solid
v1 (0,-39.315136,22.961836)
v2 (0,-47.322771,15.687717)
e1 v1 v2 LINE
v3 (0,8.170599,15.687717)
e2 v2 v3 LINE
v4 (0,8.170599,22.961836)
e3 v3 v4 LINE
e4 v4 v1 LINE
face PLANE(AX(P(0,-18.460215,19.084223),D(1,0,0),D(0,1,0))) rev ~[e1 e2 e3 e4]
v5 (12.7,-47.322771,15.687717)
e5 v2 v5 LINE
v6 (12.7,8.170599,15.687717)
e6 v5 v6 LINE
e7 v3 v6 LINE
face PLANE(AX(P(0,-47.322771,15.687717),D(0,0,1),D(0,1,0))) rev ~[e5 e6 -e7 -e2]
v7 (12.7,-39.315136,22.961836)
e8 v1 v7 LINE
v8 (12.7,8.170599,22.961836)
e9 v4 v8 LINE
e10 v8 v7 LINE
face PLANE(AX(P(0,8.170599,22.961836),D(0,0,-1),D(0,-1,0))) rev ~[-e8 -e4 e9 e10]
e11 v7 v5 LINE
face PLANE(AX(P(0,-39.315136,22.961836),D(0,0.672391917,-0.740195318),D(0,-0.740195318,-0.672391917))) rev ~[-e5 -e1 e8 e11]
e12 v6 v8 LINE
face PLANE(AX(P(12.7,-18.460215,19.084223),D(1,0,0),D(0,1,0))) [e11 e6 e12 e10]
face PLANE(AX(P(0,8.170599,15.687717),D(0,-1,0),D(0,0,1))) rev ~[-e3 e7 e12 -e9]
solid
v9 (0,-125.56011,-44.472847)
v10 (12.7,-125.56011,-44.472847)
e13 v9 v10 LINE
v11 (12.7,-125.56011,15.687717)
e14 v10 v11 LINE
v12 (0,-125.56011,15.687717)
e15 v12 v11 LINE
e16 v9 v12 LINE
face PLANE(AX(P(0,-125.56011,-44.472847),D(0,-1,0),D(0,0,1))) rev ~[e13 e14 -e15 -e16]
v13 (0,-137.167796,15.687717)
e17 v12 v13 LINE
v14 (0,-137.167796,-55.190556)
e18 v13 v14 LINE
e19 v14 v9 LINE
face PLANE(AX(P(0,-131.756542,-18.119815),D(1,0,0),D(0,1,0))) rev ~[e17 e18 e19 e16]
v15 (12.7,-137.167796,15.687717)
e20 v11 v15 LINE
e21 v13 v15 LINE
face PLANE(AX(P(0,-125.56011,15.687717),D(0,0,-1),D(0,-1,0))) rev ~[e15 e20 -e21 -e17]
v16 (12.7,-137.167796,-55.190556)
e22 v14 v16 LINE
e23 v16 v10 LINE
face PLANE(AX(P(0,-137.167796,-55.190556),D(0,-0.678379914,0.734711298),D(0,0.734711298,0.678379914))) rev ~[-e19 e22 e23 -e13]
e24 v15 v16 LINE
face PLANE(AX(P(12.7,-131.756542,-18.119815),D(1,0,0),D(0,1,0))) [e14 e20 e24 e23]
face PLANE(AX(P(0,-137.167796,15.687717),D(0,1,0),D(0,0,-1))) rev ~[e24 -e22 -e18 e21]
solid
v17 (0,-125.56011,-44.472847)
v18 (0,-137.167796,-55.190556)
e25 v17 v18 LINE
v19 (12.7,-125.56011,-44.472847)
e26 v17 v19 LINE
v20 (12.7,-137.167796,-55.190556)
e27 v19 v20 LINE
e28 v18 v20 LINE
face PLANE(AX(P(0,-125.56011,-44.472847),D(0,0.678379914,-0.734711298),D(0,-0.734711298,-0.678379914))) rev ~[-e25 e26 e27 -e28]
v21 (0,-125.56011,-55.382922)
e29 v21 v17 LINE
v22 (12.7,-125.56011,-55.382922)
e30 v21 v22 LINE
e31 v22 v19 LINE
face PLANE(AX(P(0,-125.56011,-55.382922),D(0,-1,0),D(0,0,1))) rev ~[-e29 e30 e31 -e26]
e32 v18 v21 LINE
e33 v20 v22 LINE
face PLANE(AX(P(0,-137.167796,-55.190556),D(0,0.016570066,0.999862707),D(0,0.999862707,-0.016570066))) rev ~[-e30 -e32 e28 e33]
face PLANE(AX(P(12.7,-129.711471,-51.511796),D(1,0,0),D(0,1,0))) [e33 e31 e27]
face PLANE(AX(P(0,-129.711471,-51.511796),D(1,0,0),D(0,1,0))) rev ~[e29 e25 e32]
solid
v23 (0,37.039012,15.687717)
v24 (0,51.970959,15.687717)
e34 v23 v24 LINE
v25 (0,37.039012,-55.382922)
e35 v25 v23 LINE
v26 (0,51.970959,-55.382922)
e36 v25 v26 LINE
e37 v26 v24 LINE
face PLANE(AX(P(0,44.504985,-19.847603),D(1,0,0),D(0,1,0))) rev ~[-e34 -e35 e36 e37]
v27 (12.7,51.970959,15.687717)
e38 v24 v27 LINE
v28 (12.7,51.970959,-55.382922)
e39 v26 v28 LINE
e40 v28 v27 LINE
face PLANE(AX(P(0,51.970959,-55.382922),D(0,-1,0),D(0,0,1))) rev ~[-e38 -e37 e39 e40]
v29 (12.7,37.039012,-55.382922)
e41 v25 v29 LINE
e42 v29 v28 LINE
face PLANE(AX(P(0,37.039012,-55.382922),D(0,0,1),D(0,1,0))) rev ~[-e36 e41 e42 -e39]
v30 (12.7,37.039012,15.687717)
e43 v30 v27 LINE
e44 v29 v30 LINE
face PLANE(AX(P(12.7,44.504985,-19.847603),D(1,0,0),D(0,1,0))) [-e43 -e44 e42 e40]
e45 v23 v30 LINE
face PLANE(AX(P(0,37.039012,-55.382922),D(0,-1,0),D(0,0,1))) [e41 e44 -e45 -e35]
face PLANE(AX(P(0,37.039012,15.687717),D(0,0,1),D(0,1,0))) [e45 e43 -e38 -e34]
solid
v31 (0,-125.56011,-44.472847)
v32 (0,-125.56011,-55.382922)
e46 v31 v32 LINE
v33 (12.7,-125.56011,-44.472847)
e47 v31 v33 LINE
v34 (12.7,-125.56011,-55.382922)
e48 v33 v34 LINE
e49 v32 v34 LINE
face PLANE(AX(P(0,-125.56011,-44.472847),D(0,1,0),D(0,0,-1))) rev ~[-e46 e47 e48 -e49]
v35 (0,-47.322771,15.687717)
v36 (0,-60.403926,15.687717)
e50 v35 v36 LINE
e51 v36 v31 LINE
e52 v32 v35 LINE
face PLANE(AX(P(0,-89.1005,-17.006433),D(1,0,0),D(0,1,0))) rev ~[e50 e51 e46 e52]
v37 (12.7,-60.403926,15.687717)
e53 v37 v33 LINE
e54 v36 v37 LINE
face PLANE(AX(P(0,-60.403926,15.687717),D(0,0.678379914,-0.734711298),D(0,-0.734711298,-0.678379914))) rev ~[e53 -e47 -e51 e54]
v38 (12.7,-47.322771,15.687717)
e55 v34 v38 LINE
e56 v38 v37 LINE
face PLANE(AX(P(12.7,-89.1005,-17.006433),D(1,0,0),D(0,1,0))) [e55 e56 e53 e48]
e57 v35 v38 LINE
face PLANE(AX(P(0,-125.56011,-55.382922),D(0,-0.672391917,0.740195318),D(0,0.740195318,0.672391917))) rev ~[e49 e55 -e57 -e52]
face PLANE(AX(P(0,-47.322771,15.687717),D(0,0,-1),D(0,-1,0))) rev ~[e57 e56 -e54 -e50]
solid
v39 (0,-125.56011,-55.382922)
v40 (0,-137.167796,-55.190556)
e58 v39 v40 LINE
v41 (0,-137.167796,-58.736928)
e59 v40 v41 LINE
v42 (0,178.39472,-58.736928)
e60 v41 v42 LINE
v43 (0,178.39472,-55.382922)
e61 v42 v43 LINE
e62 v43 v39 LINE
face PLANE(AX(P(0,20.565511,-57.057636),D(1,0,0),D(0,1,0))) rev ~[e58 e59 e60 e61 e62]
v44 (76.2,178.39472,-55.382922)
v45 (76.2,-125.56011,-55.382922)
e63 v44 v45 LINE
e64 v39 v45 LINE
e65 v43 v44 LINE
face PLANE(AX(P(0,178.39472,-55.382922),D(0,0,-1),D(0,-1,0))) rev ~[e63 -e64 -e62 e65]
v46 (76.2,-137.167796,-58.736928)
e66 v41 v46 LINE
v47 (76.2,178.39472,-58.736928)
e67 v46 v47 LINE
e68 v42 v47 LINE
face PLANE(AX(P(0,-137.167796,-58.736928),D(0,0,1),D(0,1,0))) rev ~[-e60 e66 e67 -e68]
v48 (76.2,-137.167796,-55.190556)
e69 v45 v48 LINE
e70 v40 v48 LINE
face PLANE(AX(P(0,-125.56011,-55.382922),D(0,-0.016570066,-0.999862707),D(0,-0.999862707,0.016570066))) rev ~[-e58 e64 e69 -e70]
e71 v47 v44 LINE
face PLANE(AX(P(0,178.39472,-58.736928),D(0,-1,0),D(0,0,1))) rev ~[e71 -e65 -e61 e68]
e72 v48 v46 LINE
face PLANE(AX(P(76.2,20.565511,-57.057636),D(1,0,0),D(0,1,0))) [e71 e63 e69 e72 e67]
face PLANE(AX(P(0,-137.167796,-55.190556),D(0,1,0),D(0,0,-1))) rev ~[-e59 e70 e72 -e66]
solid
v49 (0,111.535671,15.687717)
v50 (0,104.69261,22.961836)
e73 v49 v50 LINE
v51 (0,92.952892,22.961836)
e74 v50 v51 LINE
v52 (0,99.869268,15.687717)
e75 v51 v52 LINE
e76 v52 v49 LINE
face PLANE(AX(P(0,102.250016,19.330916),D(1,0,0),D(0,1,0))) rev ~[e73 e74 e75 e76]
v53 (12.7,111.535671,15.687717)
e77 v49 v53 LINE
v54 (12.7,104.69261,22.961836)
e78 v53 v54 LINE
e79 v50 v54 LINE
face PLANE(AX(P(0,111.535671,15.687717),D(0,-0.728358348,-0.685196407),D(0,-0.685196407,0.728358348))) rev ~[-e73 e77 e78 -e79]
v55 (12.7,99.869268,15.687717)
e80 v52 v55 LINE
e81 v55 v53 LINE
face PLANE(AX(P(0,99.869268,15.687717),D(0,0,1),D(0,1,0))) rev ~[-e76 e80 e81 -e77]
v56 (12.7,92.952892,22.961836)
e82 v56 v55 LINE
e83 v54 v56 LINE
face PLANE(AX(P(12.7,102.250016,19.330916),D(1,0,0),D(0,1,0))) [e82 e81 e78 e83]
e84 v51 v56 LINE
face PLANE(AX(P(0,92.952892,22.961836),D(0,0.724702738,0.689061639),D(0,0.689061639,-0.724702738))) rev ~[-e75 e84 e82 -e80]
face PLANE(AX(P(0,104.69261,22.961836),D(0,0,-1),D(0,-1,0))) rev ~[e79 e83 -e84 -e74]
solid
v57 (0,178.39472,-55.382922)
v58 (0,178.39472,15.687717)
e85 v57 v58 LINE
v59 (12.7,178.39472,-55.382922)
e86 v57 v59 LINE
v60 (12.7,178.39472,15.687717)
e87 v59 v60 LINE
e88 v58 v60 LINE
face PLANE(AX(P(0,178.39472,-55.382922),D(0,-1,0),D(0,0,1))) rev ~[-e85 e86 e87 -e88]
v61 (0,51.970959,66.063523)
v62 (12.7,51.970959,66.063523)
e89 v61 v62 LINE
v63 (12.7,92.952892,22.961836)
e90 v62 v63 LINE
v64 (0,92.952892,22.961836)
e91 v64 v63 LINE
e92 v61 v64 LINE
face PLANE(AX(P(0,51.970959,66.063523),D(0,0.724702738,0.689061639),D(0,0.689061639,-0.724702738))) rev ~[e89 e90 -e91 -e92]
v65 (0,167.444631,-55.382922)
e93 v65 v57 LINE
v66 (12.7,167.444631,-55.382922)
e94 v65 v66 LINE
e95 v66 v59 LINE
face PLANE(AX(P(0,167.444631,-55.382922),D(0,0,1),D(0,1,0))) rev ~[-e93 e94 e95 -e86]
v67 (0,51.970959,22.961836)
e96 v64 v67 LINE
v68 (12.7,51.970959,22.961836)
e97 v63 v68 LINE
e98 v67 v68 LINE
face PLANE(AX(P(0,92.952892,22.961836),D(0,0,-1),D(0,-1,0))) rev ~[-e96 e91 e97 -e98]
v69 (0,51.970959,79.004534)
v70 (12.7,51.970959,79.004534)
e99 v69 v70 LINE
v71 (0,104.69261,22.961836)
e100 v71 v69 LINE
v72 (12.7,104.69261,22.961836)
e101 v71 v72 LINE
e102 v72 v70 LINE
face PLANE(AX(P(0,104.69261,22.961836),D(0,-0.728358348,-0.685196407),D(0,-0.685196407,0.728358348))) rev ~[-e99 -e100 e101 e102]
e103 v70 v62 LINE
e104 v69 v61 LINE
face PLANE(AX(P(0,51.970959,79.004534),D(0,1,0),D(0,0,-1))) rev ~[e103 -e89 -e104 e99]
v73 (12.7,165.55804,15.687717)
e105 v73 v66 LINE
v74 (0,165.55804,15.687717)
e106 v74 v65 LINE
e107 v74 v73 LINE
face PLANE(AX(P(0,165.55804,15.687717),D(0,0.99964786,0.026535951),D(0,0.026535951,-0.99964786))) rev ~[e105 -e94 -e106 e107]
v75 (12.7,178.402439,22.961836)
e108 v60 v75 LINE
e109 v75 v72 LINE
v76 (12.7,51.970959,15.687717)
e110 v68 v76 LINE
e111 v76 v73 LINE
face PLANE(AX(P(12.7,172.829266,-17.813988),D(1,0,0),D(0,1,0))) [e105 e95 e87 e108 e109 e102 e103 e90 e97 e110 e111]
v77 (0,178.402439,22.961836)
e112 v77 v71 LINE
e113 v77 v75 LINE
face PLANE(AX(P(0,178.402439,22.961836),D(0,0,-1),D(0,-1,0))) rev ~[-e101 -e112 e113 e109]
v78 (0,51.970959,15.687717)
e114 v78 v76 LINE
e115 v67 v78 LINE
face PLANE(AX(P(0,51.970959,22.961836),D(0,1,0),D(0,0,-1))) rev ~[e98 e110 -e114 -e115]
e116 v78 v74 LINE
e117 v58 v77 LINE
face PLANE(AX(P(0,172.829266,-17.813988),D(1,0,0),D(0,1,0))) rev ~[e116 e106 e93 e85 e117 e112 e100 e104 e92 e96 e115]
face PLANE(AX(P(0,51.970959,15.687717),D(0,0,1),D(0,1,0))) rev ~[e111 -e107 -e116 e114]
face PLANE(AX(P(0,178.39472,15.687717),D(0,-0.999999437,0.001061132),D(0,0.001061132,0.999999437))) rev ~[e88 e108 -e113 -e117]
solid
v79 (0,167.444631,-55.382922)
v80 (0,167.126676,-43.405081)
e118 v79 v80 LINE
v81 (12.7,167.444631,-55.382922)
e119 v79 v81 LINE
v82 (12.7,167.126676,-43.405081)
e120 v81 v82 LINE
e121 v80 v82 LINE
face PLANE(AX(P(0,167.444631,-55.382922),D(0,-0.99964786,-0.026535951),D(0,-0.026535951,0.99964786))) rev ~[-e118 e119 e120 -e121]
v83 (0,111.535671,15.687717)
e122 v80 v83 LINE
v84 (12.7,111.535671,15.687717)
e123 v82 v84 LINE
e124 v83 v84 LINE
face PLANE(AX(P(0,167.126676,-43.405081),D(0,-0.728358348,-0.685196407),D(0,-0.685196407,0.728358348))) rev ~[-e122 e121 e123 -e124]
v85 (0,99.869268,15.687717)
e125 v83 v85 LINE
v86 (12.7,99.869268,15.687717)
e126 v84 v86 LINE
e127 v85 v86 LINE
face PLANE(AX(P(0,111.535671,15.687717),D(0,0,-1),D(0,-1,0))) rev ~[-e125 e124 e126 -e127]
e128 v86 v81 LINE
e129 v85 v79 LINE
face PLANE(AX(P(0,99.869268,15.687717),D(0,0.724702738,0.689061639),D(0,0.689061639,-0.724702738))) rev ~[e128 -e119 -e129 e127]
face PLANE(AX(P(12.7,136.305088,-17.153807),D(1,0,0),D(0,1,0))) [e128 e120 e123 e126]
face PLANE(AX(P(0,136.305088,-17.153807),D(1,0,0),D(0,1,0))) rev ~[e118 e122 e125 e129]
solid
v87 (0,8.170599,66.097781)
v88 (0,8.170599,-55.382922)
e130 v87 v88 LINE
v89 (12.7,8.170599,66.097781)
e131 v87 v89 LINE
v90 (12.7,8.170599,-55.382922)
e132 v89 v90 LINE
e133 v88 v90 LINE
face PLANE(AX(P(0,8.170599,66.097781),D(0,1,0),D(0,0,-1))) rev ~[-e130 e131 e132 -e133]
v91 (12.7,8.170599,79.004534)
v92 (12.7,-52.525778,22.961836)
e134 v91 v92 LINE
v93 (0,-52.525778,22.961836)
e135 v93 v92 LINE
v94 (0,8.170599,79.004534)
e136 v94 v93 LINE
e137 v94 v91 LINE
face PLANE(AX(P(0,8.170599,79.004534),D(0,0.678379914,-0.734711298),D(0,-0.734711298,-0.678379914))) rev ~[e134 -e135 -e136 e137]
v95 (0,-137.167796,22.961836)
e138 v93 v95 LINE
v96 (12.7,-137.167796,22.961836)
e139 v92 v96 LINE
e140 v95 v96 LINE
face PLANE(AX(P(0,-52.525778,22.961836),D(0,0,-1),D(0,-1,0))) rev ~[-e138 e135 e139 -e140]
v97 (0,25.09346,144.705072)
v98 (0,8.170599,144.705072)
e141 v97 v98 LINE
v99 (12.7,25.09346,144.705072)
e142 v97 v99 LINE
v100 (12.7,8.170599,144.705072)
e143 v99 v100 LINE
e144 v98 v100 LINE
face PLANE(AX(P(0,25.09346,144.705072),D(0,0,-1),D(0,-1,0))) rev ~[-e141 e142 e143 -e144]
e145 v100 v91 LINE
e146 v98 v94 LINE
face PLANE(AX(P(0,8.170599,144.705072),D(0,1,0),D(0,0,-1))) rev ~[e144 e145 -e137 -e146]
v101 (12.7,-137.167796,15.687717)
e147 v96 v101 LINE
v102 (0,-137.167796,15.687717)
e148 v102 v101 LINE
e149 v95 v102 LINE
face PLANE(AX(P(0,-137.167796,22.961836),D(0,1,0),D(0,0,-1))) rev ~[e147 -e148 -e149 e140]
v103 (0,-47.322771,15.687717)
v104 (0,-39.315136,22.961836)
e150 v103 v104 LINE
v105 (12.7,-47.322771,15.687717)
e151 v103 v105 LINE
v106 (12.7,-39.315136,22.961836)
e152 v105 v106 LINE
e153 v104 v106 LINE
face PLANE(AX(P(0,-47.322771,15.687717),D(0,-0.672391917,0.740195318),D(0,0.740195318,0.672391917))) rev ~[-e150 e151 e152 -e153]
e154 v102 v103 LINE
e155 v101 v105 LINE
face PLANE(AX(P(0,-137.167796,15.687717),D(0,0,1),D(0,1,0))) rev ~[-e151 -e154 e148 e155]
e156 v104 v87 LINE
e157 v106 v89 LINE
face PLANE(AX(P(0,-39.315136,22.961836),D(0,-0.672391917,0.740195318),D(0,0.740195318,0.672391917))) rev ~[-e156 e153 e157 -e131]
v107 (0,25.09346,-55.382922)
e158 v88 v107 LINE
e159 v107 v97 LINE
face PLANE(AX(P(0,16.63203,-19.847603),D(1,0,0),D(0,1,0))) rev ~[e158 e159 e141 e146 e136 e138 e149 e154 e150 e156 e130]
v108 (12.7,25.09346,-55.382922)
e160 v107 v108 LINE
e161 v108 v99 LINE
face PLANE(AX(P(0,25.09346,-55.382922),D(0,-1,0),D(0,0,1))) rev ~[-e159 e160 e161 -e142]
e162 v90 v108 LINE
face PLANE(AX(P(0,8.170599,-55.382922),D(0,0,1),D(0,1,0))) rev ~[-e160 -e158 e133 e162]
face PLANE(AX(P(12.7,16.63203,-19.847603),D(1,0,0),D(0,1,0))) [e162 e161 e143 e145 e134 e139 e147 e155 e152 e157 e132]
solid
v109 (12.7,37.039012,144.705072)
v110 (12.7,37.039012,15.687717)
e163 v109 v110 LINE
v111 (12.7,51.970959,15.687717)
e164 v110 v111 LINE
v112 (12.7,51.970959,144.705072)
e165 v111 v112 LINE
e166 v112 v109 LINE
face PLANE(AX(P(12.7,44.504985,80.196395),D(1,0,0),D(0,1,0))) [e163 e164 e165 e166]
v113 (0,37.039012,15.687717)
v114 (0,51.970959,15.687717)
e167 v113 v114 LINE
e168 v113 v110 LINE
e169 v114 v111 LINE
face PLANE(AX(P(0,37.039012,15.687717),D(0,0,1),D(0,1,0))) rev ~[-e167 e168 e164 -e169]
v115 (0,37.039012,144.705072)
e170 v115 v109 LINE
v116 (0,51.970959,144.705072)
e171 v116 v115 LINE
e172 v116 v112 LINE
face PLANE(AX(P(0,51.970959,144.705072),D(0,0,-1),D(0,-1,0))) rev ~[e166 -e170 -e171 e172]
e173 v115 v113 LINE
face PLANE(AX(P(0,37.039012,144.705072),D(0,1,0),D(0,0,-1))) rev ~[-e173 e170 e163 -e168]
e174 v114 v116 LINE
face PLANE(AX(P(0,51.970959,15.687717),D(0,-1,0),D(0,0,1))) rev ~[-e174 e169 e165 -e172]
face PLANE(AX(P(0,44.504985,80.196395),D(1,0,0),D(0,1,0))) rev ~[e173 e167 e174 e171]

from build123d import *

# Parameters (mm, degrees)
F1_DEPTH = 12.7
F0_W     = 14.9319469929
F0_H     = 71.0706394166
F0_W_2   = 16.9228613377
F2_DEPTH = 12.7
F3_DEPTH = 12.7
F4_DEPTH = 12.7
F5_DEPTH = 76.2


with BuildPart() as f1:
    # F0 (on Right) → F1 (new body)
    with BuildSketch(Plane.YZ):
        Polygon((178.3947199583, -55.3829222918), (178.3947199583, 15.6877171248), (165.5580401421, 15.6877171248), (167.1266760885, -43.4050809947), align=None)
        Polygon((167.4446314573, -55.3829222918), (178.3947199583, -55.3829222918), (167.1266760885, -43.4050809947), align=None)
        Polygon((165.5580401421, 15.6877171248), (178.3947199583, 15.6877171248), (178.4024387598, 22.9618363082), (104.6926099554, 22.9618363082), (111.5356705738, 15.6877171248), align=None)
        Polygon((51.9709587097, 15.6877171248), (99.8692675307, 15.6877171248), (92.9528917235, 22.9618363082), (51.9709587097, 22.9618363082), align=None)
        Polygon((92.9528917235, 22.9618363082), (104.6926099554, 22.9618363082), (51.9709587097, 79.0045335889), (51.9709587097, 66.0635232925), align=None)
        Polygon((99.8692675307, 15.6877171248), (111.5356705738, 15.6877171248), (104.6926099554, 22.9618363082), (92.9528917235, 22.9618363082), align=None)
    extrude(amount=F1_DEPTH)


with BuildPart() as f1b:
    # F0 (on Right) → F1, piece 2 (new body)
    with BuildSketch(Plane.YZ):
        with Locations((44.5049852133, -19.8476025835)):
            Rectangle(F0_W, F0_H)
    extrude(amount=F1_DEPTH)


with BuildPart() as f1c:
    # F0 (on Right) → F1, piece 3 (new body)
    with BuildSketch(Plane.YZ):
        with Locations((16.6320297867, -19.8476025835)):
            Rectangle(F0_W_2, F0_H)
        Polygon((8.1705991179, 15.6877171248), (25.0934604555, 15.6877171248), (25.0934604555, 144.7050720453), (8.1705991179, 144.7050720453), (8.1705991179, 79.0045335889), (8.1705991179, 66.0977810621), (8.1705991179, 22.9618363082), align=None)
        Polygon((8.1705991179, 79.0045335889), (-52.5257776907, 22.9618363082), (-39.315135823, 22.9618363082), (8.1705991179, 66.0977810621), align=None)
        Polygon((-60.4039259657, 15.6877171248), (-47.3227706956, 15.6877171248), (-39.315135823, 22.9618363082), (-52.5257776907, 22.9618363082), align=None)
        Polygon((-137.1677964926, 22.9618363082), (-137.1677964926, 15.6877171248), (-125.5601099881, 15.6877171248), (-60.4039259657, 15.6877171248), (-52.5257776907, 22.9618363082), align=None)
    extrude(amount=F1_DEPTH)


with BuildPart() as f2:
    # F0 (on Right) → F2 (new body)
    with BuildSketch(Plane.YZ):
        Polygon((51.9709587097, 66.0635232925), (51.9709587097, 79.0045335889), (51.9709587097, 144.7050720453), (37.0390117168, 144.7050720453), (37.0390117168, 15.6877171248), (51.9709587097, 15.6877171248), (51.9709587097, 22.9618363082), align=None)
    extrude(amount=F2_DEPTH)


with BuildPart() as f2b:
    # F0 (on Right) → F2, piece 2 (new body)
    with BuildSketch(Plane.YZ):
        Polygon((167.1266760885, -43.4050809947), (111.5356705738, 15.6877171248), (99.8692675307, 15.6877171248), (167.4446314573, -55.3829222918), align=None)
    extrude(amount=F2_DEPTH)


with BuildPart() as f2c:
    # F0 (on Right) → F2, piece 3 (new body)
    with BuildSketch(Plane.YZ):
        Polygon((-39.315135823, 22.9618363082), (-47.3227706956, 15.6877171248), (8.1705991179, 15.6877171248), (8.1705991179, 22.9618363082), align=None)
    extrude(amount=F2_DEPTH)


with BuildPart() as f2d:
    # F0 (on Right) → F2, piece 4 (new body)
    with BuildSketch(Plane.YZ):
        Polygon((-125.5601099881, -44.4728474613), (-125.5601099881, -55.3829222918), (-47.3227706956, 15.6877171248), (-60.4039259657, 15.6877171248), align=None)
    extrude(amount=F2_DEPTH)


with BuildPart() as f2e:
    # F0 (on Right) → F2, piece 5 (new body)
    with BuildSketch(Plane.YZ):
        Polygon((-137.1677964926, 15.6877171248), (-137.1677964926, -55.1905557513), (-125.5601099881, -44.4728474613), (-125.5601099881, 15.6877171248), align=None)
    extrude(amount=F2_DEPTH)


with BuildPart() as f3:
    # F0 (on Right) → F3 (new body)
    with BuildSketch(Plane.YZ):
        Polygon((99.8692675307, 15.6877171248), (111.5356705738, 15.6877171248), (104.6926099554, 22.9618363082), (92.9528917235, 22.9618363082), align=None)
    extrude(amount=F3_DEPTH)


with BuildPart() as f4:
    # F0 (on Right) → F4 (new body)
    with BuildSketch(Plane.YZ):
        Polygon((-125.5601099881, -44.4728474613), (-137.1677964926, -55.1905557513), (-125.5601099881, -55.3829222918), align=None)
    extrude(amount=F4_DEPTH)


with BuildPart() as f5:
    # F0 (on Right) → F5 (new body)
    with BuildSketch(Plane.YZ):
        Polygon((178.3947199583, -58.7369278073), (178.3947199583, -55.3829222918), (167.4446314573, -55.3829222918), (51.9709587097, -55.3829222918), (37.0390117168, -55.3829222918), (25.0934604555, -55.3829222918), (8.1705991179, -55.3829222918), (-125.5601099881, -55.3829222918), (-137.1677964926, -55.1905557513), (-137.1677964926, -58.7369278073), align=None)
    extrude(amount=F5_DEPTH)


solid = Compound([f1.part, f1b.part, f1c.part, f2.part, f2b.part, f2c.part, f2d.part, f2e.part, f3.part, f4.part, f5.part])
